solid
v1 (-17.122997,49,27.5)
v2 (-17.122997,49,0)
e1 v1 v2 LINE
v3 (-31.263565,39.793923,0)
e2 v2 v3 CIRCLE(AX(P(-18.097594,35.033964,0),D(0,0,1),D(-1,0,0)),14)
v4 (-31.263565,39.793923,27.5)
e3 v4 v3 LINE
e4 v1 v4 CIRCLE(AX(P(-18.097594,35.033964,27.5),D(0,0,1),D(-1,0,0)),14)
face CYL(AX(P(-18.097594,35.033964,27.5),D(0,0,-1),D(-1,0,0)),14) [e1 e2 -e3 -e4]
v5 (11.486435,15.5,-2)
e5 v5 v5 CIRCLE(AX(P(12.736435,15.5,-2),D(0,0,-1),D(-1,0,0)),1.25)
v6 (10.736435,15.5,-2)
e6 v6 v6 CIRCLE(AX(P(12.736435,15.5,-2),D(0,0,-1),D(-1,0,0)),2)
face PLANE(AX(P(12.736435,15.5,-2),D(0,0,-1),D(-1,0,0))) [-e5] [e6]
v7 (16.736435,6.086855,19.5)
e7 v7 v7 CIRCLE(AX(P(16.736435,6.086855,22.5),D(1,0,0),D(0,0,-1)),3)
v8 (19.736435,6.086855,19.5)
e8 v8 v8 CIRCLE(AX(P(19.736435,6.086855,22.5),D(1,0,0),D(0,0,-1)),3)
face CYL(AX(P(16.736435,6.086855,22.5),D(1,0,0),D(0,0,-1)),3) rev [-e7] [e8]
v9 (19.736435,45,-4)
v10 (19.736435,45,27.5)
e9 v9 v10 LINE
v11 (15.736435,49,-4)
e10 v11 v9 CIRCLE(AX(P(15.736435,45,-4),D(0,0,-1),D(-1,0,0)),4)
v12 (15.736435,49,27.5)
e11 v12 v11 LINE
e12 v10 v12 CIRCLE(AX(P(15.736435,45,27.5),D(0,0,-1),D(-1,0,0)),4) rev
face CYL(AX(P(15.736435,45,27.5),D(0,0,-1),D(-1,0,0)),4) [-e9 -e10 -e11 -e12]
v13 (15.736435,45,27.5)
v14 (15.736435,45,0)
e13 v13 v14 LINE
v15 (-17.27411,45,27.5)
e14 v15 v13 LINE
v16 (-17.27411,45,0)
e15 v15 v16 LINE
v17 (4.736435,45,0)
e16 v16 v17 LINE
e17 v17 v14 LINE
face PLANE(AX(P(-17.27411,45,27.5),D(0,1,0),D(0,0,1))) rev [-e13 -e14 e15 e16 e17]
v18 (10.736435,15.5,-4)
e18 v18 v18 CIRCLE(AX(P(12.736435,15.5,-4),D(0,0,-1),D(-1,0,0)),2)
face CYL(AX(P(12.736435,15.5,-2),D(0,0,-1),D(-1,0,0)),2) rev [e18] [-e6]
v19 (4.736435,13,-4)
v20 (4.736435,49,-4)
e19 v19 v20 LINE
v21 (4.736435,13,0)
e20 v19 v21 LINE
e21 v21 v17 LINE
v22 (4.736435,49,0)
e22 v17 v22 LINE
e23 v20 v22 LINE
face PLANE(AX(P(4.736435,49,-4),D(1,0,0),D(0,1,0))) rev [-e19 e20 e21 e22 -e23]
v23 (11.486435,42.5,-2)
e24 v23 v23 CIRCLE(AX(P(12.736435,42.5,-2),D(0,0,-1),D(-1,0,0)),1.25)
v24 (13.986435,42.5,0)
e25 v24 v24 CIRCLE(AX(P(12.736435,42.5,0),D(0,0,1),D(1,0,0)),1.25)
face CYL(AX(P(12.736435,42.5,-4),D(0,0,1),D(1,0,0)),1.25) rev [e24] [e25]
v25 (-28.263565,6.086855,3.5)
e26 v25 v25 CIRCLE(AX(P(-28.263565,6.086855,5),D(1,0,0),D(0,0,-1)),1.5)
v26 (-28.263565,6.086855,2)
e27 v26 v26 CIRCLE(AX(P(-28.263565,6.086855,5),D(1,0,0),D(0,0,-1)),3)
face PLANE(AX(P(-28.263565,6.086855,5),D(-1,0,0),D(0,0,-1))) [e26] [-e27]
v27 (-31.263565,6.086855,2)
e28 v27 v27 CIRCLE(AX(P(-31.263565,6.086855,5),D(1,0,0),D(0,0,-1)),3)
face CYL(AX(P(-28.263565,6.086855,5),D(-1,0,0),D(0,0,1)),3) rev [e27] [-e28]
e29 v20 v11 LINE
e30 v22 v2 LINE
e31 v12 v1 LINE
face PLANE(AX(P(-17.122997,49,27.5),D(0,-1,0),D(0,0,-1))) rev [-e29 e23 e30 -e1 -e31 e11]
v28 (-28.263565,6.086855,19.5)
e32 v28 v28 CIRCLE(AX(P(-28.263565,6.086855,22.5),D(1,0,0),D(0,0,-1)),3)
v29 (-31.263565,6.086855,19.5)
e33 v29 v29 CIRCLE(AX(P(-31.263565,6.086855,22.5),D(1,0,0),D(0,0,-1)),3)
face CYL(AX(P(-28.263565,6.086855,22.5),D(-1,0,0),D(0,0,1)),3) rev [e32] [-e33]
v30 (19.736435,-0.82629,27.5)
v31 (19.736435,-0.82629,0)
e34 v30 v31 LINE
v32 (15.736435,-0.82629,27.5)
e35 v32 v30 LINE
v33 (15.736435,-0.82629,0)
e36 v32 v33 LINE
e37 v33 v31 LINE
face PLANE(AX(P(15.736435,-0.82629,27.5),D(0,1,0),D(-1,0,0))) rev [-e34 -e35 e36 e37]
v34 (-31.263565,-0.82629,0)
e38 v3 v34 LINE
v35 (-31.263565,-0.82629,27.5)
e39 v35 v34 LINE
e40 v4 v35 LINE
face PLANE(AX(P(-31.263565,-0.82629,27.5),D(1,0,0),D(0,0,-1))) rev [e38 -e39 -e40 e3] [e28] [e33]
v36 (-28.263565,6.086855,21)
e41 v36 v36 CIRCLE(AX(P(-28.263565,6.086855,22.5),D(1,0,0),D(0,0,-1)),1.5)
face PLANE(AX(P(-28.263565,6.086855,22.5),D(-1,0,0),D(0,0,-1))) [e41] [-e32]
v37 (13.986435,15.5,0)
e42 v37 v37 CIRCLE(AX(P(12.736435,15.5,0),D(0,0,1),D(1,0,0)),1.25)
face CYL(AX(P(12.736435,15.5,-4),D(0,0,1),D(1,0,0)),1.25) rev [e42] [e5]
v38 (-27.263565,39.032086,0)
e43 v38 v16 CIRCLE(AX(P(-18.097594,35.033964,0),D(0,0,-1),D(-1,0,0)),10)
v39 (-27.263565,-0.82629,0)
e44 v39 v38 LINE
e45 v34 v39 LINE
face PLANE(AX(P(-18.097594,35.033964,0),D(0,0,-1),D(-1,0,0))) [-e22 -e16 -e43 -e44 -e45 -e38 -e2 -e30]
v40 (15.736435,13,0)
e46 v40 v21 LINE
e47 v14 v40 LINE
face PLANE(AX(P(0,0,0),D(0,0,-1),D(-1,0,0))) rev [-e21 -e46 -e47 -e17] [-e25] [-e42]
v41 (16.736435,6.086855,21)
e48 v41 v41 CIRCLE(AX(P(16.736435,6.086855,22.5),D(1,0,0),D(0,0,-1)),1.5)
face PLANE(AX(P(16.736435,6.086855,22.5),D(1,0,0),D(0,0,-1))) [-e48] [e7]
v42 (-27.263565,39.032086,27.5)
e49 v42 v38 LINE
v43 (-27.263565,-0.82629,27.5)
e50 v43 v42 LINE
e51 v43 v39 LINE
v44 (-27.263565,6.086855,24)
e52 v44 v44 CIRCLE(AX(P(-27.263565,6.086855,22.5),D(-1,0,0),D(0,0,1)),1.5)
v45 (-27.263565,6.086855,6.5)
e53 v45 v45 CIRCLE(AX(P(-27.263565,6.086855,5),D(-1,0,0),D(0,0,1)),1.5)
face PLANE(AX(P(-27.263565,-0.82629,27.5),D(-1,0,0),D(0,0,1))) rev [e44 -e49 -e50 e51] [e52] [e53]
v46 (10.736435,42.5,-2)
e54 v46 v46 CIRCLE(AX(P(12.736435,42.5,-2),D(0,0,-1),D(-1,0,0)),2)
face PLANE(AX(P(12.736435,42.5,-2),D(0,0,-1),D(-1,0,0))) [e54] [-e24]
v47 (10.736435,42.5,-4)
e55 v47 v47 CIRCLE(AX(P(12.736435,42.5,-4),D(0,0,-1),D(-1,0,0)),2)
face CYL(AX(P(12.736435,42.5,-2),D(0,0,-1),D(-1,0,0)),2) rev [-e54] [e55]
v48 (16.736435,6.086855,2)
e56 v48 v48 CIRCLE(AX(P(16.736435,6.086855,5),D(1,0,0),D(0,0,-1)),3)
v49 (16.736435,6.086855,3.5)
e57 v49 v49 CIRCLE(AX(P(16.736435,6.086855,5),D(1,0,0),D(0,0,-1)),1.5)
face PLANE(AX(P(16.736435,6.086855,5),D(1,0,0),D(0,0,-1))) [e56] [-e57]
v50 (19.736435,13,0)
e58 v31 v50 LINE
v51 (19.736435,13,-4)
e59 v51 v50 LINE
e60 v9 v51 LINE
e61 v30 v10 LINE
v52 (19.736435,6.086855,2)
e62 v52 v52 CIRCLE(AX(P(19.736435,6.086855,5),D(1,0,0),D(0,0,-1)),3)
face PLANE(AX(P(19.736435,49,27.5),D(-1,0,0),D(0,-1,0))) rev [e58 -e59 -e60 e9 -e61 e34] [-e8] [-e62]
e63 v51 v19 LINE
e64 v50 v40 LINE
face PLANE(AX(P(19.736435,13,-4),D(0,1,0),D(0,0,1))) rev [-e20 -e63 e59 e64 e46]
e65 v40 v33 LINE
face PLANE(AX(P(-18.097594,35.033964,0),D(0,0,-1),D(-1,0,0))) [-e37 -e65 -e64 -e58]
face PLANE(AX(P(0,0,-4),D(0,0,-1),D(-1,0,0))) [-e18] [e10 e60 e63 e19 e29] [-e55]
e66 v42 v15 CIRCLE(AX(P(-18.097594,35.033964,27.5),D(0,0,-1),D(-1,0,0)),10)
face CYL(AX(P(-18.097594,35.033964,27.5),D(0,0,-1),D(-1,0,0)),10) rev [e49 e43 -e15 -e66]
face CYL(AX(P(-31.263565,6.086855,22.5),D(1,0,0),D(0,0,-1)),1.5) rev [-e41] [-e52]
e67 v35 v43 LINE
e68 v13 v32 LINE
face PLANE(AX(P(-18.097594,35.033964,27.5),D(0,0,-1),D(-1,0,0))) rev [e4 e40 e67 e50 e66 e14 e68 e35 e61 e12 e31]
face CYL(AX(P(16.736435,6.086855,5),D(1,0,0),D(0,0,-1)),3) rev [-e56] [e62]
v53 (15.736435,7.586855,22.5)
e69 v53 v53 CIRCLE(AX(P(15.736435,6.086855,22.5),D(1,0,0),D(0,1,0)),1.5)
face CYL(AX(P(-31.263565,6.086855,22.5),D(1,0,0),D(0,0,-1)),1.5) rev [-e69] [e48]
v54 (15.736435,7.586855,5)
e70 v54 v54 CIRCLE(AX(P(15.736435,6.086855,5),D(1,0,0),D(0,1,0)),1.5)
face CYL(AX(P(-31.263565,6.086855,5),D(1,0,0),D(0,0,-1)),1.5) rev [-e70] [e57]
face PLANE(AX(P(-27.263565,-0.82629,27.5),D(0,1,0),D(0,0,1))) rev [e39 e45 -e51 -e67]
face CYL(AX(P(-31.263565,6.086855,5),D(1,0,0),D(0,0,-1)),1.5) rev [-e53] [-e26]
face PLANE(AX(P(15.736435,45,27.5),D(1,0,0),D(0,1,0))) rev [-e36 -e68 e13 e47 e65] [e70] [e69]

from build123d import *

# Parameters (mm, degrees)
BOSS_EXTRUDE1_DEPTH = 27.5
SKETCH3_W           = 15
SKETCH3_H           = 36
BOSS_EXTRUDE2_DEPTH = 4
SKETCH4_R           = 1.25
CUT_EXTRUDE1_DEPTH  = 65.32721152
CUT_EXTRUDE2_START  = -2
SKETCH4_3_R         = 2
SKETCH4_3_R_2       = 1.25
CUT_EXTRUDE2_DEPTH  = 2
SKETCH5_R           = 1.5
CUT_EXTRUDE3_DEPTH  = 76.905069848
SKETCH5_3_R         = 3
SKETCH5_3_R_2       = 1.5
CUT_EXTRUDE4_DEPTH  = 3
FILLET1_R           = 4


with BuildPart() as part:
    # Sketch1 → Boss-Extrude1 (new body)
    with BuildSketch(Plane.XY):
        with BuildLine():
            Line((-27.263565268, -0.826290167), (-27.263565268, 39.032085652))
            ThreePointArc((-27.263565268, 39.032085652), (-23.226265639, 43.618644017), (-17.274109595, 45))
            Line((-17.274109595, 45), (15.736434732, 45))
            Line((15.736434732, 45), (15.736434732, -0.826290167))
            Line((15.736434732, -0.826290167), (19.736434732, -0.826290167))
            Line((19.736434732, -0.826290167), (19.736434732, 49))
            Line((19.736434732, 49), (-17.122997301, 49))
            ThreePointArc((-17.122997301, 49), (-25.736007979, 46.766595309), (-31.263565268, 39.793922947))
            Line((-31.263565268, 39.793922947), (-31.263565268, -0.826290167))
            Line((-31.263565268, -0.826290167), (-27.263565268, -0.826290167))
        make_face()
    extrude(amount=BOSS_EXTRUDE1_DEPTH)

    # Sketch3 → Boss-Extrude2 (add)
    with BuildSketch(Plane(origin=(0, 0, 0), x_dir=(-1, 0, 0), z_dir=(0, 0, -1))):
        with Locations((-12.236434732, 31)):
            Rectangle(SKETCH3_W, SKETCH3_H)
    extrude(amount=BOSS_EXTRUDE2_DEPTH)

    # Sketch4 → Cut-Extrude1 (cut, through all)
    with BuildSketch(Plane.XY):
        with Locations((12.736434732, 42.5)):
            Circle(SKETCH4_R)
        with Locations((12.736434732, 15.5)):
            Circle(SKETCH4_R)
    extrude(amount=-CUT_EXTRUDE1_DEPTH, mode=Mode.SUBTRACT)

    # Sketch4<3> → Cut-Extrude2 (cut)
    # profile 1 of 2: a face of its own
    with BuildSketch(Plane.XY.offset(CUT_EXTRUDE2_START)):
        with Locations(Location((12.736434732, 42.5, 0), (0, 0, 180))):
            Circle(SKETCH4_3_R)
        with Locations((12.736434732, 42.5)):
            Circle(SKETCH4_3_R_2, mode=Mode.SUBTRACT)
    # profile 2 of 2: a face of its own
    with BuildSketch(Plane.XY.offset(CUT_EXTRUDE2_START)):
        with Locations(Location((12.736434732, 15.5, 0), (0, 0, 180))):
            Circle(SKETCH4_3_R)
        with Locations((12.736434732, 15.5)):
            Circle(SKETCH4_3_R_2, mode=Mode.SUBTRACT)
    extrude(amount=-CUT_EXTRUDE2_DEPTH, mode=Mode.SUBTRACT)

    # Sketch5 → Cut-Extrude3 (cut, through all)
    with BuildSketch(Plane(origin=(19.736434732, 0, 0), x_dir=(0, 0, -1), z_dir=(1, 0, 0))):
        with Locations((-22.5, 6.086854916)):
            Circle(SKETCH5_R)
        with Locations((-5, 6.086854916)):
            Circle(SKETCH5_R)
    extrude(amount=-CUT_EXTRUDE3_DEPTH, mode=Mode.SUBTRACT)

    # Sketch5<3> → Cut-Extrude4 (cut)
    # profile 1 of 2: a face of its own
    with BuildSketch(Plane(origin=(19.736434732, 0, 0), x_dir=(0, 0, -1), z_dir=(1, 0, 0))):
        with Locations((-22.5, 6.086854916)):
            Circle(SKETCH5_3_R)
        with Locations((-22.5, 6.086854916)):
            Circle(SKETCH5_3_R_2, mode=Mode.SUBTRACT)
    # profile 2 of 2: a face of its own
    with BuildSketch(Plane(origin=(19.736434732, 0, 0), x_dir=(0, 0, -1), z_dir=(1, 0, 0))):
        with Locations((-5, 6.086854916)):
            Circle(SKETCH5_3_R)
        with Locations((-5, 6.086854916)):
            Circle(SKETCH5_3_R_2, mode=Mode.SUBTRACT)
    cut_extrude4 = extrude(amount=-CUT_EXTRUDE4_DEPTH, mode=Mode.SUBTRACT)

    # Mirror1: Cut-Extrude4 across plane
    add(cut_extrude4.mirror(Plane(origin=(-5.763565268, 0, 0), x_dir=(0, 0, 1), z_dir=(1, 0, 0))), mode=Mode.SUBTRACT)

    # Fillet1
    fillet1_edges = [part.edges().sort_by_distance(p)[0] for p in [
        (19.736434732, 49, 11.75),
    ]]
    fillet(fillet1_edges, radius=FILLET1_R)


solid = part.part
